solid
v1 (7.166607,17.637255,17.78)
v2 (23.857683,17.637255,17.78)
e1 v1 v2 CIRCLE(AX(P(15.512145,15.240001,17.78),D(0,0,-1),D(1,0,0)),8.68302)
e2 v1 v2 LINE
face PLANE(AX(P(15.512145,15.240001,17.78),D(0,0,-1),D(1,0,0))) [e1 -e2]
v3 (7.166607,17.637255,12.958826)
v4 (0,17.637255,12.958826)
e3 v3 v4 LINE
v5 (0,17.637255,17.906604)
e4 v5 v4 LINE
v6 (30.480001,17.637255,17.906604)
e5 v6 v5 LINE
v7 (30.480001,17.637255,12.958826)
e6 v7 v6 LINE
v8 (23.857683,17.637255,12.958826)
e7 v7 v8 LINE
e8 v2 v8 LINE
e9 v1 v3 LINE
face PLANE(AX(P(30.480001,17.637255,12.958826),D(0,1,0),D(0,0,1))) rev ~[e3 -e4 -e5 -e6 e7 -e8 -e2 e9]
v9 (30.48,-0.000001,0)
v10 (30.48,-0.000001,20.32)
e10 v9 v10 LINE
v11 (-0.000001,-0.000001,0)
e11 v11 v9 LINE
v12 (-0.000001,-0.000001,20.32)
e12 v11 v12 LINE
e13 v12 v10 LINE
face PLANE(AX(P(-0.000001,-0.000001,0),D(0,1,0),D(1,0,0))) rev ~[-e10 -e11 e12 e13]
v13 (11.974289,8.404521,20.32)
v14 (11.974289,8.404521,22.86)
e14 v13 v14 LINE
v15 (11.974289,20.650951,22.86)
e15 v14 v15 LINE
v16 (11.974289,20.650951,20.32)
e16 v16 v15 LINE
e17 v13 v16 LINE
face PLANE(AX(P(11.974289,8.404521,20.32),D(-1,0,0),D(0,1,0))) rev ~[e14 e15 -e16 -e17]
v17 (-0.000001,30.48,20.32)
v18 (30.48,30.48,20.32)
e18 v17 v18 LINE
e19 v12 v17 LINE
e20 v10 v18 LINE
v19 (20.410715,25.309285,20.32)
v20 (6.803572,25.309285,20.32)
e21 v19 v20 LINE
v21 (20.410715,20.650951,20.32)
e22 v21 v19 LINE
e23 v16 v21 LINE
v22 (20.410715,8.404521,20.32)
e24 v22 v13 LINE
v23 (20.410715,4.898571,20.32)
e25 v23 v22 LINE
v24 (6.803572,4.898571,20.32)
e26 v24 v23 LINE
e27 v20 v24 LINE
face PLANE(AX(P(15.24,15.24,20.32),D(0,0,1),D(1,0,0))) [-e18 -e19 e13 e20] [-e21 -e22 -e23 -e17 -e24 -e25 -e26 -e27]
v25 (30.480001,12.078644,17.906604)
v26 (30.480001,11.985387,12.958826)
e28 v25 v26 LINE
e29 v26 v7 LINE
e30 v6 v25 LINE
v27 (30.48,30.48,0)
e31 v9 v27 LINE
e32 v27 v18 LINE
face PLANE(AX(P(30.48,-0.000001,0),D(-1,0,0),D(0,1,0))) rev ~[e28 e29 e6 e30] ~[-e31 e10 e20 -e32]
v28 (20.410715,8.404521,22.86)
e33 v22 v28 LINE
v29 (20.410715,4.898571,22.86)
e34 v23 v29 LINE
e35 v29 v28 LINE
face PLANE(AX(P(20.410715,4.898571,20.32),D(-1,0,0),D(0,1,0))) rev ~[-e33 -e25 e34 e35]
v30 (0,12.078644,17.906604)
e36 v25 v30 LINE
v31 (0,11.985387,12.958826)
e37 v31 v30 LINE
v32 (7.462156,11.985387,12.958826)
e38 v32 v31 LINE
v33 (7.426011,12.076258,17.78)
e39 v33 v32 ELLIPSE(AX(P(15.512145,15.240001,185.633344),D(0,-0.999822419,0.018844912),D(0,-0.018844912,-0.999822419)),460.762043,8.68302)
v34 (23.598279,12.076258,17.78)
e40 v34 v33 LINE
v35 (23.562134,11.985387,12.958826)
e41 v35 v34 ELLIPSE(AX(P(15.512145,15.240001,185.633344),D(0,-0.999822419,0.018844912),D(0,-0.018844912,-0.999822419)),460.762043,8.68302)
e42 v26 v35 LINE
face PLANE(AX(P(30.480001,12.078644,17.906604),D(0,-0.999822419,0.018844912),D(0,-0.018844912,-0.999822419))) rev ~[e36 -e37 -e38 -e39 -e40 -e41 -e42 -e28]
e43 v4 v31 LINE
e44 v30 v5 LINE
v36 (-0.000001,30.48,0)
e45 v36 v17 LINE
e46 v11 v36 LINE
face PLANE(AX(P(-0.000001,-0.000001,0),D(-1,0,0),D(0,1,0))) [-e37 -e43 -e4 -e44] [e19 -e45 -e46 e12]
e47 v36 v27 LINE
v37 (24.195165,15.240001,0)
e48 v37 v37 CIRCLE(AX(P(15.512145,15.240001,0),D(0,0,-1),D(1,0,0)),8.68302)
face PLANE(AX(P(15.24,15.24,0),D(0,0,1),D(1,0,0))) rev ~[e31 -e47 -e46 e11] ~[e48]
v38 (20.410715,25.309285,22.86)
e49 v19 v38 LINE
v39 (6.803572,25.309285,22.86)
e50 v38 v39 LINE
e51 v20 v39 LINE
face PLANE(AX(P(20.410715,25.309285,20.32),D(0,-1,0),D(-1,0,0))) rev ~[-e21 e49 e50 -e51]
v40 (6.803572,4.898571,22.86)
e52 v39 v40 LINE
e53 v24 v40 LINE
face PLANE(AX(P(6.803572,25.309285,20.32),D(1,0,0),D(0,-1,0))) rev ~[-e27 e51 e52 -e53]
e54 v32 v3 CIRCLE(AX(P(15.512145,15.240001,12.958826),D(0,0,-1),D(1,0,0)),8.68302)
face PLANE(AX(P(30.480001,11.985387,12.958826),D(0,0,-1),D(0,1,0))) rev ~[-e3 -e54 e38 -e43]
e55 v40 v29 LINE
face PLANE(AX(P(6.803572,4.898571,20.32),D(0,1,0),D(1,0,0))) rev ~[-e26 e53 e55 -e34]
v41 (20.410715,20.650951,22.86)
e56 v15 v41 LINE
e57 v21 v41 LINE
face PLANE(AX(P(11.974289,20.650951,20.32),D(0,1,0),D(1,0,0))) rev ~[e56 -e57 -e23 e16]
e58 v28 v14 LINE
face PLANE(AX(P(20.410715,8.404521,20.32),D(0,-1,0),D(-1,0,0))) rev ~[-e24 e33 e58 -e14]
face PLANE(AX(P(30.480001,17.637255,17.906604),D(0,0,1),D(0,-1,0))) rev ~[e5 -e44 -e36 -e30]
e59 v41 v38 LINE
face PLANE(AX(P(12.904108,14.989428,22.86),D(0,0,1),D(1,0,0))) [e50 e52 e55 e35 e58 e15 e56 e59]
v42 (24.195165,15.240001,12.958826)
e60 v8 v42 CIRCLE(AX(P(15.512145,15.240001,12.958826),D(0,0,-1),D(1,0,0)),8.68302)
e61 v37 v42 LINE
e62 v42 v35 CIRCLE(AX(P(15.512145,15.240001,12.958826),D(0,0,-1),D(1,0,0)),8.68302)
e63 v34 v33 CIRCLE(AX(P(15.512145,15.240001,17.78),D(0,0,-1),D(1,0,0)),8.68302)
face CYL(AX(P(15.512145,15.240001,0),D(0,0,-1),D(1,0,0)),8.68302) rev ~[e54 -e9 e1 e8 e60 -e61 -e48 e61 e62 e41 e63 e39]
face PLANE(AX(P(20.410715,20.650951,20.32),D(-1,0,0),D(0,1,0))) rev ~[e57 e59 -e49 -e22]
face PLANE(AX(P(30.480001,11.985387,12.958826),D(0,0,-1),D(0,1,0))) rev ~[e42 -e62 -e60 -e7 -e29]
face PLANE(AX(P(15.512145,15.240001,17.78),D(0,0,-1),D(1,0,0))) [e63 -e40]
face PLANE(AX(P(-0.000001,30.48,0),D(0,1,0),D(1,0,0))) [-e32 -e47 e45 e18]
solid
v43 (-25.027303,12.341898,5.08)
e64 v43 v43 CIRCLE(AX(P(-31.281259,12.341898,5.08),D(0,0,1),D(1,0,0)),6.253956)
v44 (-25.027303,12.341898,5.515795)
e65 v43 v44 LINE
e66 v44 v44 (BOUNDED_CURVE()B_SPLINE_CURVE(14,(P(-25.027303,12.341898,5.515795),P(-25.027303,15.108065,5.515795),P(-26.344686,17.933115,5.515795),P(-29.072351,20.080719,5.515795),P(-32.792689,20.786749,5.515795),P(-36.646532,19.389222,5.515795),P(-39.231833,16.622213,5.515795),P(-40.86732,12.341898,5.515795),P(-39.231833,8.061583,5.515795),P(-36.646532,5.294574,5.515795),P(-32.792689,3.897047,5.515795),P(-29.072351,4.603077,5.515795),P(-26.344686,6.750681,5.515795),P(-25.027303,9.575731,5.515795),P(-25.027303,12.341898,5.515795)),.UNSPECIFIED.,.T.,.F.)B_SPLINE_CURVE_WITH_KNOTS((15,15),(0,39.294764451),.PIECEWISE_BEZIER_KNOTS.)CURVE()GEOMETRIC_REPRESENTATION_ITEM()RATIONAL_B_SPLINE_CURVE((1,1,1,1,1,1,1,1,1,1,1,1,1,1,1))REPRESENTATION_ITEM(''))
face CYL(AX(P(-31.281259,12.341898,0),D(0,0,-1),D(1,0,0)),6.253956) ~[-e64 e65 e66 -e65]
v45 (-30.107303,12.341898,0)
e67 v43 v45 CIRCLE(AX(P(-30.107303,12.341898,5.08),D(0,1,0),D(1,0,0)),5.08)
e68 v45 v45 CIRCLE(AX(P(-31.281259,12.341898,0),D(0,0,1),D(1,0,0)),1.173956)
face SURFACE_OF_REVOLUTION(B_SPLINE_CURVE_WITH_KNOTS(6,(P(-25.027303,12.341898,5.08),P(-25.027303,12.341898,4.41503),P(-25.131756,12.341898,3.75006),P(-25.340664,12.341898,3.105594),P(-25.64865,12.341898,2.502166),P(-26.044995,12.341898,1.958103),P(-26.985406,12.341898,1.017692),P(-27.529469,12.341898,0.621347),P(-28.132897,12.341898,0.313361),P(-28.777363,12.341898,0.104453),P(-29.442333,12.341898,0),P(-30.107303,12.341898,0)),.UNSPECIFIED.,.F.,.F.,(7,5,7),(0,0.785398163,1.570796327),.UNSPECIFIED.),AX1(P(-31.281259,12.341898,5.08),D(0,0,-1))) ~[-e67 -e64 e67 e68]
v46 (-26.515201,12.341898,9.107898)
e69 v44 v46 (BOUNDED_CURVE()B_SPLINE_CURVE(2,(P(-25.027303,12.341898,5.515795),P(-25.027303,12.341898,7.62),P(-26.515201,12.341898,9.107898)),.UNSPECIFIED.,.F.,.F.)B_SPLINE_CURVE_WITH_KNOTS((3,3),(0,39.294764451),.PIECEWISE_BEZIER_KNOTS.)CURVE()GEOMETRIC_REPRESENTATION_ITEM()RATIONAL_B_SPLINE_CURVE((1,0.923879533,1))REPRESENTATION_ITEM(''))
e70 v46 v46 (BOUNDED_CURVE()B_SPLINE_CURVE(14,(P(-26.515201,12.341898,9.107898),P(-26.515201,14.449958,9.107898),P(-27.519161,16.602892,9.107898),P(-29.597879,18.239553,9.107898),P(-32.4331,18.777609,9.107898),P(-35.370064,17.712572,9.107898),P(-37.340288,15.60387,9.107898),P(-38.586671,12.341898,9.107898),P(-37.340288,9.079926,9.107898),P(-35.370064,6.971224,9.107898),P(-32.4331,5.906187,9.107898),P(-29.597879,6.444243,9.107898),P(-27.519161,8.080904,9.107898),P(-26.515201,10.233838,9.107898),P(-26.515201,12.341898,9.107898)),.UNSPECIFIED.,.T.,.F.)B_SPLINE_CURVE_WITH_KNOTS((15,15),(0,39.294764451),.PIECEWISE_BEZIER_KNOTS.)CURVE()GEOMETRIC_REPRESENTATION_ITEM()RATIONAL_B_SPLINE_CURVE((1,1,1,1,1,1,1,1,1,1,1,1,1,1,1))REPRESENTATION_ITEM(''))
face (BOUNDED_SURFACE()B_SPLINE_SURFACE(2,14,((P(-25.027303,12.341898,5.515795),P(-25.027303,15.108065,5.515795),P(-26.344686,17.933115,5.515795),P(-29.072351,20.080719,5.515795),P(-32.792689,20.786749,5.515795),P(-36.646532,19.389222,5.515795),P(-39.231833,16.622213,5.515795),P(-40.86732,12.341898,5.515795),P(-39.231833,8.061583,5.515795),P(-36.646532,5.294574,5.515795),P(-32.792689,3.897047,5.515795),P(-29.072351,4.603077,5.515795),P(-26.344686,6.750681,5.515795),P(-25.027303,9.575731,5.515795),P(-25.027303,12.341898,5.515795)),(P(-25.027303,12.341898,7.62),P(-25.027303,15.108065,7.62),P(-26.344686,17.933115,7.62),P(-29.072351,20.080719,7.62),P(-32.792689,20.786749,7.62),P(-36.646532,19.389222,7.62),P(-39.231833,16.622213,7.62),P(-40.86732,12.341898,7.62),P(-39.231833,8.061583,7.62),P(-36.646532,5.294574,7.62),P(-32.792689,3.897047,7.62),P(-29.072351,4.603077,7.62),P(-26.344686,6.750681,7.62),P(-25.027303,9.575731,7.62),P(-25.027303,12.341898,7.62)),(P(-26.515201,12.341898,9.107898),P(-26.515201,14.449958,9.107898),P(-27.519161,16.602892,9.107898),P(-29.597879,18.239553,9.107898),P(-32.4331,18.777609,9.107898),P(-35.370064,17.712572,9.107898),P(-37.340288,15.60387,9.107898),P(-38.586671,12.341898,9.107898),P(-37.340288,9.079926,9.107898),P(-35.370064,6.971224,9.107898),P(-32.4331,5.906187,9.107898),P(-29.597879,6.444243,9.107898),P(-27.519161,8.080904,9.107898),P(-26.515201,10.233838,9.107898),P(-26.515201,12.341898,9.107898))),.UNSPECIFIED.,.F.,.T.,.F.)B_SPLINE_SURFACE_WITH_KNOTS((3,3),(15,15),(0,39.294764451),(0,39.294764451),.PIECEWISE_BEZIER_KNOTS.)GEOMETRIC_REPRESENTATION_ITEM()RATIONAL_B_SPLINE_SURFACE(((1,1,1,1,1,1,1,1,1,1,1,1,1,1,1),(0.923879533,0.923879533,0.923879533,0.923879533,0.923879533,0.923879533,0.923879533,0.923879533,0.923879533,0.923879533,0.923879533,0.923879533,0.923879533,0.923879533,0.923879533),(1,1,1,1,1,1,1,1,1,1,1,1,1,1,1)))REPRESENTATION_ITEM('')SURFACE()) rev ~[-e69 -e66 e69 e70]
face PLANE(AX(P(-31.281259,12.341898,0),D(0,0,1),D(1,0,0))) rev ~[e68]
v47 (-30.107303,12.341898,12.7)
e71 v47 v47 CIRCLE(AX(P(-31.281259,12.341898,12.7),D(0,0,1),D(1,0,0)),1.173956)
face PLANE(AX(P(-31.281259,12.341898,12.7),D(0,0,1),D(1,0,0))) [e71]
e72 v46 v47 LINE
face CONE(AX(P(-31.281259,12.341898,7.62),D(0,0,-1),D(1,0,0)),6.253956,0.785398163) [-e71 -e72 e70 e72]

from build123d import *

# Parameters (mm, degrees)
F0_W     = 30.480001
F0_H     = 30.480001
F1_DEPTH = 20.32
F2_R     = 8.68302
F3_DEPTH = 17.78
F5_DEPTH = 35.56
F7_DEPTH = 2.54
F8_R     = 6.253956
F9_DEPTH = 12.7
F10_SIZE = 5.08
F11_R    = 5.08


with BuildPart() as f1:
    # F0 (on Top) → F1 (new body)
    with BuildSketch(Plane.XY):
        with Locations((15.24, 15.24)):
            Rectangle(F0_W, F0_H)
    extrude(amount=F1_DEPTH)

    # F2 (on face) → F3 (cut)
    with BuildSketch(Plane(origin=(0, 0, 0), x_dir=(1, 0, 0), z_dir=(0, 0, -1))):
        with Locations((15.512145, -15.240001)):
            Circle(F2_R)
    extrude(amount=-F3_DEPTH, mode=Mode.SUBTRACT)

    # F4 (on face) → F5 (cut)
    with BuildSketch(Plane.YZ.offset(30.480001)):
        Polygon((12.078644, 17.906604), (11.985387, 12.958826), (17.637255, 12.958826), (17.637255, 17.906604), align=None)
    extrude(amount=-F5_DEPTH, mode=Mode.SUBTRACT)

    # F6 (on face) → F7 (join)
    with BuildSketch(Plane.XY.offset(20.32)):
        Polygon((11.974289, 20.650951), (20.410715, 20.650951), (20.410715, 25.309285), (6.803572, 25.309285), (6.803572, 4.898571), (20.410715, 4.898571), (20.410715, 8.404521), (11.974289, 8.404521), align=None)
    extrude(amount=F7_DEPTH)


with BuildPart() as f9:
    # F8 (on Top) → F9 (new body)
    with BuildSketch(Plane.XY):
        with Locations((-31.281259, 12.341898)):
            Circle(F8_R)
    extrude(amount=F9_DEPTH)

    # F10
    f10_edges = [f9.edges().sort_by_distance(p)[0] for p in [
        (-37.535214, 12.341898, 12.7),
    ]]
    chamfer(f10_edges, length=F10_SIZE)

    # F11
    f11_edges = [f9.edges().sort_by_distance(p)[0] for p in [
        (-25.027303, 12.341898, 3.81),
        (-37.535214, 12.341898, 7.62),
        (-37.535214, 12.341898, 0),
    ]]
    fillet(f11_edges, radius=F11_R)


solid = Compound([f1.part, f9.part])
